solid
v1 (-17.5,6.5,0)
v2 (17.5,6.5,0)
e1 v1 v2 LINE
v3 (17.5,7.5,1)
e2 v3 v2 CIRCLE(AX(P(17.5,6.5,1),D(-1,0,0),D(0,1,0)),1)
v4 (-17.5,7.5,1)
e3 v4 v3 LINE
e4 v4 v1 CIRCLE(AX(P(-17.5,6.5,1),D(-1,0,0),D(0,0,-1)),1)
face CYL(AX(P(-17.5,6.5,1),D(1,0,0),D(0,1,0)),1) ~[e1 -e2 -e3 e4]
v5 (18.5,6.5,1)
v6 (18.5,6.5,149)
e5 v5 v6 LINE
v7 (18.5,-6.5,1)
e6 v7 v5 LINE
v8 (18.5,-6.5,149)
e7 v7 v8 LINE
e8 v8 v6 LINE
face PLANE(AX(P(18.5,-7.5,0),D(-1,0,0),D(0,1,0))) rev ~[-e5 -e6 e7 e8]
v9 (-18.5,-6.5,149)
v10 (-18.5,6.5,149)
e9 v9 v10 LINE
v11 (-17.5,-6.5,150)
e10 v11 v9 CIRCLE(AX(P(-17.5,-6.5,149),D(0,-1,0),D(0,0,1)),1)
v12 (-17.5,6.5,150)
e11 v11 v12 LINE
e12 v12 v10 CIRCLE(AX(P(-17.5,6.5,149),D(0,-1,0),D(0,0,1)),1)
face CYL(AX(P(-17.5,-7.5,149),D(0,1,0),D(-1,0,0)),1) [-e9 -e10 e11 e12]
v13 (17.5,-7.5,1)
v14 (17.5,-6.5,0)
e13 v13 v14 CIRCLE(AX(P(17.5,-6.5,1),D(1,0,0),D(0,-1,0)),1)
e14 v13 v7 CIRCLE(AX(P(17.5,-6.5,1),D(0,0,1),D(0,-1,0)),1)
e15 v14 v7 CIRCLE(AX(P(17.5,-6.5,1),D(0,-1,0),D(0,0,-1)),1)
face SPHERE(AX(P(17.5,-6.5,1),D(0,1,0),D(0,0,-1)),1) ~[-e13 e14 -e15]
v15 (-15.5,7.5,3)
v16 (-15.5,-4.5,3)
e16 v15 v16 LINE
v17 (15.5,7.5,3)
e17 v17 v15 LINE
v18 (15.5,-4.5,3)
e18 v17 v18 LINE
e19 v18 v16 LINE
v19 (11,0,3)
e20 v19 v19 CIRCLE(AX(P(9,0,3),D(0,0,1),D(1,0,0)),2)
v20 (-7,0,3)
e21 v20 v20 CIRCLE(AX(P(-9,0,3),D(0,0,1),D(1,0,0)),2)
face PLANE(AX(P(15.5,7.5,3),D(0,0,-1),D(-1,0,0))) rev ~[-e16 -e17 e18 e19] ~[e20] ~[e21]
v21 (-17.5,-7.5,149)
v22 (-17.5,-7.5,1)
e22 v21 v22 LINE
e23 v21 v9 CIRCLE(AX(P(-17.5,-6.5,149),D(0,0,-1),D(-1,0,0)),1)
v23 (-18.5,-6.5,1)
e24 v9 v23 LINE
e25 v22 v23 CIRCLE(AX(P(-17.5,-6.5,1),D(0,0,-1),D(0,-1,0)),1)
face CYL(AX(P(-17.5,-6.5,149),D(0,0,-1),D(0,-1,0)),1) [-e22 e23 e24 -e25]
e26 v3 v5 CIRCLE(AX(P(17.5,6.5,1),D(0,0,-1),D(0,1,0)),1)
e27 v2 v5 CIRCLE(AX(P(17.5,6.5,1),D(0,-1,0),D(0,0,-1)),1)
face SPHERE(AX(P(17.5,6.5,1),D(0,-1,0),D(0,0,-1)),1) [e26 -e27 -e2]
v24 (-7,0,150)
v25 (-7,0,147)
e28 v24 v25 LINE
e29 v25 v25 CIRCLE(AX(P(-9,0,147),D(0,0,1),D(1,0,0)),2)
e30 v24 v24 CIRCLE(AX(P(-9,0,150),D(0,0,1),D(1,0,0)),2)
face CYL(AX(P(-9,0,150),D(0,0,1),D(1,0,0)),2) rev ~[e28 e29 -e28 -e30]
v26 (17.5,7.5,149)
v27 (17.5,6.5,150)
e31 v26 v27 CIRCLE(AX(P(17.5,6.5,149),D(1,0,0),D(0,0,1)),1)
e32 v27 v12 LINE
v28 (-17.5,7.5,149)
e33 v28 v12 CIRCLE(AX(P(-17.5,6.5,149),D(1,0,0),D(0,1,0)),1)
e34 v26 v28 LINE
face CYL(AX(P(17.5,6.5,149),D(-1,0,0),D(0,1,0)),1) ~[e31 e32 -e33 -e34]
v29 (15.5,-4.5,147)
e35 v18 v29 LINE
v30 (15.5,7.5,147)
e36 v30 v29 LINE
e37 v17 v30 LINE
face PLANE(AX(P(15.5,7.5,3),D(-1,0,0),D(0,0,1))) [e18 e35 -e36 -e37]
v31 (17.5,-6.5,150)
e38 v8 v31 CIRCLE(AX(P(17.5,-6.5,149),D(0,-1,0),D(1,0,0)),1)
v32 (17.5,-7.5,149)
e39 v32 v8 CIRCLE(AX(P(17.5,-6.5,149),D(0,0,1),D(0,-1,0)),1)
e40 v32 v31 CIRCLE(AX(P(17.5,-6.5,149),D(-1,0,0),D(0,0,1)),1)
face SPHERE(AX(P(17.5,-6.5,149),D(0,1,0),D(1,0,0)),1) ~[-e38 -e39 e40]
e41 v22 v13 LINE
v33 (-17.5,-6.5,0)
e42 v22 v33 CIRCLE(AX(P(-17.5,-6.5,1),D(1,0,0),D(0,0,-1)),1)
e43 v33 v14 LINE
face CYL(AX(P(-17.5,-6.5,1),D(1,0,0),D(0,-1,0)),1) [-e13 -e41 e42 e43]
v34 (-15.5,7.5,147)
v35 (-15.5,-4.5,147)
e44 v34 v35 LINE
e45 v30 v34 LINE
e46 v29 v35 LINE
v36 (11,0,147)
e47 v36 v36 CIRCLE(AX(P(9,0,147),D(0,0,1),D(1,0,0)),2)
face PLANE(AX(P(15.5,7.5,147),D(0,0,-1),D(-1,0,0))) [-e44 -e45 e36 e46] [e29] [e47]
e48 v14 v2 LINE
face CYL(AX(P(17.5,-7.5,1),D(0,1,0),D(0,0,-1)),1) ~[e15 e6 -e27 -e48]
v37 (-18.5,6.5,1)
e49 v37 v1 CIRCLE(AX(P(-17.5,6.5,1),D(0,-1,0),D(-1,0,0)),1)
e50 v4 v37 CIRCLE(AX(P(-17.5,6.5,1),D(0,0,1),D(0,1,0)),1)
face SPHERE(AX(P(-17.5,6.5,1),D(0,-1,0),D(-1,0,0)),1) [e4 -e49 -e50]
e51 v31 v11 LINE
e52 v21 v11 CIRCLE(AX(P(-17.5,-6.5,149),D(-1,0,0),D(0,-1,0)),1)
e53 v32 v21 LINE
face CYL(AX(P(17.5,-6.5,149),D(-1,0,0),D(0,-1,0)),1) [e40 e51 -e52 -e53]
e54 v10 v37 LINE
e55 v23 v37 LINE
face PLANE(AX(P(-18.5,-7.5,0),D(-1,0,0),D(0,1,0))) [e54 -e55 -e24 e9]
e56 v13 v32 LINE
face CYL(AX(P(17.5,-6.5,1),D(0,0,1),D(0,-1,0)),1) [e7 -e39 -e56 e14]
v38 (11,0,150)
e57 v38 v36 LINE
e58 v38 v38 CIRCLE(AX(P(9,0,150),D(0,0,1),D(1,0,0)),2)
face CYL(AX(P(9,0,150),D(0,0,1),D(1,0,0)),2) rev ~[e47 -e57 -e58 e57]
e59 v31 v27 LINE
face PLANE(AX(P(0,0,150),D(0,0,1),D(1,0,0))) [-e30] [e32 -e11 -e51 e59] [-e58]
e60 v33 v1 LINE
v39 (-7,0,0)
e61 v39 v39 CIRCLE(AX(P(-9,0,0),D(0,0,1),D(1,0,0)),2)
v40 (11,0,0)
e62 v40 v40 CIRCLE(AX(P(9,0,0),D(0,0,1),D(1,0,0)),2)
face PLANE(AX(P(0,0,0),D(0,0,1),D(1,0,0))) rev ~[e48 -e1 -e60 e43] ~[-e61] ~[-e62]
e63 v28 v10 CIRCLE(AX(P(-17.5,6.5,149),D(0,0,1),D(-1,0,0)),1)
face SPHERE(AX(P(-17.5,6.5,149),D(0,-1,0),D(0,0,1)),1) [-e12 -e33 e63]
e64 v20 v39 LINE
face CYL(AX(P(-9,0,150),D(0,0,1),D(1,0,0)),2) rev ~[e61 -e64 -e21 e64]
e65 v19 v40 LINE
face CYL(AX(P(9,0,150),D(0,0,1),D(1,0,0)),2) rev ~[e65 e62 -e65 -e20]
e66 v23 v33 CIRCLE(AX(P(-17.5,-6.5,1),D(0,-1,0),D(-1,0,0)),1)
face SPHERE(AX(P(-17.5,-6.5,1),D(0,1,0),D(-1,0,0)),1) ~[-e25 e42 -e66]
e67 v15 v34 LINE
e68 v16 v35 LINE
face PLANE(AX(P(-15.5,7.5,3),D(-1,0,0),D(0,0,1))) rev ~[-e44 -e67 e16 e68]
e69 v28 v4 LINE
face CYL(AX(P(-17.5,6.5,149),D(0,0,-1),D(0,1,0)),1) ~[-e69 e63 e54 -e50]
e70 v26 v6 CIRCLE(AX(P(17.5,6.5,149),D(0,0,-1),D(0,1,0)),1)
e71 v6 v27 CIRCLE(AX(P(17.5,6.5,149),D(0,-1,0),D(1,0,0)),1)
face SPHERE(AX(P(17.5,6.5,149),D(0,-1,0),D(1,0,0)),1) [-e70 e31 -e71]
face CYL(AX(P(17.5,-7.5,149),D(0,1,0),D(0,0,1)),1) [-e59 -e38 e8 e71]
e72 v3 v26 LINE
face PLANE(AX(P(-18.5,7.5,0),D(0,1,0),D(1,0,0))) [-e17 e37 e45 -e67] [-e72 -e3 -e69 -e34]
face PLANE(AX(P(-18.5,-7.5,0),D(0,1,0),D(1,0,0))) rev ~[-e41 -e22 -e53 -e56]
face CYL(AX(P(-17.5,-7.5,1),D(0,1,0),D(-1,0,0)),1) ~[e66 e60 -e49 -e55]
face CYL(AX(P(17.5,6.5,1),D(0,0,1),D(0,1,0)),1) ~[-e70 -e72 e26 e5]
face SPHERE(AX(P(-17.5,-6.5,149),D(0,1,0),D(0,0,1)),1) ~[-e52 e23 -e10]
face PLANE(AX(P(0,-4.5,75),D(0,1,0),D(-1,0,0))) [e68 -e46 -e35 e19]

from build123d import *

# Parameters (mm, degrees)
F0_W     = 37
F0_H     = 15
F1_DEPTH = 150
F2_W     = 31
F2_H     = 144
F3_DEPTH = 12
F4_R     = 2
F5_DEPTH = 150.001
F6_R     = 1
F7_R     = 1


with BuildPart() as f1:
    # F0 (on Top) → F1 (new body)
    with BuildSketch(Plane.XY):
        Rectangle(F0_W, F0_H)
    extrude(amount=F1_DEPTH)

    # F2 (on face) → F3 (cut)
    with BuildSketch(Plane(origin=(0, 7.5, 0), x_dir=(-1, 0, 0), z_dir=(0, 1, 0))):
        with Locations((0, 75)):
            Rectangle(F2_W, F2_H)
    extrude(amount=-F3_DEPTH, mode=Mode.SUBTRACT)

    # F4 (on face) → F5 (cut, through all)
    with BuildSketch(Plane.XY.offset(150)):
        with Locations((9, 0)):
            Circle(F4_R)
        with Locations((-9, 0)):
            Circle(F4_R)
    extrude(amount=-F5_DEPTH, mode=Mode.SUBTRACT)

    # F6
    f6_edges = [f1.edges().sort_by_distance(p)[0] for p in [
        (-18.5, 0, 150),
        (18.5, 0, 150),
        (-18.5, 0, 0),
        (18.5, 0, 0),
    ]]
    fillet(f6_edges, radius=F6_R)

    # F7
    f7_edges = [f1.edges().sort_by_distance(p)[0] for p in [
        (18.5, -7.5, 75),
        (18.5, 7.5, 75),
    ]]
    fillet(f7_edges, radius=F7_R)


solid = f1.part
